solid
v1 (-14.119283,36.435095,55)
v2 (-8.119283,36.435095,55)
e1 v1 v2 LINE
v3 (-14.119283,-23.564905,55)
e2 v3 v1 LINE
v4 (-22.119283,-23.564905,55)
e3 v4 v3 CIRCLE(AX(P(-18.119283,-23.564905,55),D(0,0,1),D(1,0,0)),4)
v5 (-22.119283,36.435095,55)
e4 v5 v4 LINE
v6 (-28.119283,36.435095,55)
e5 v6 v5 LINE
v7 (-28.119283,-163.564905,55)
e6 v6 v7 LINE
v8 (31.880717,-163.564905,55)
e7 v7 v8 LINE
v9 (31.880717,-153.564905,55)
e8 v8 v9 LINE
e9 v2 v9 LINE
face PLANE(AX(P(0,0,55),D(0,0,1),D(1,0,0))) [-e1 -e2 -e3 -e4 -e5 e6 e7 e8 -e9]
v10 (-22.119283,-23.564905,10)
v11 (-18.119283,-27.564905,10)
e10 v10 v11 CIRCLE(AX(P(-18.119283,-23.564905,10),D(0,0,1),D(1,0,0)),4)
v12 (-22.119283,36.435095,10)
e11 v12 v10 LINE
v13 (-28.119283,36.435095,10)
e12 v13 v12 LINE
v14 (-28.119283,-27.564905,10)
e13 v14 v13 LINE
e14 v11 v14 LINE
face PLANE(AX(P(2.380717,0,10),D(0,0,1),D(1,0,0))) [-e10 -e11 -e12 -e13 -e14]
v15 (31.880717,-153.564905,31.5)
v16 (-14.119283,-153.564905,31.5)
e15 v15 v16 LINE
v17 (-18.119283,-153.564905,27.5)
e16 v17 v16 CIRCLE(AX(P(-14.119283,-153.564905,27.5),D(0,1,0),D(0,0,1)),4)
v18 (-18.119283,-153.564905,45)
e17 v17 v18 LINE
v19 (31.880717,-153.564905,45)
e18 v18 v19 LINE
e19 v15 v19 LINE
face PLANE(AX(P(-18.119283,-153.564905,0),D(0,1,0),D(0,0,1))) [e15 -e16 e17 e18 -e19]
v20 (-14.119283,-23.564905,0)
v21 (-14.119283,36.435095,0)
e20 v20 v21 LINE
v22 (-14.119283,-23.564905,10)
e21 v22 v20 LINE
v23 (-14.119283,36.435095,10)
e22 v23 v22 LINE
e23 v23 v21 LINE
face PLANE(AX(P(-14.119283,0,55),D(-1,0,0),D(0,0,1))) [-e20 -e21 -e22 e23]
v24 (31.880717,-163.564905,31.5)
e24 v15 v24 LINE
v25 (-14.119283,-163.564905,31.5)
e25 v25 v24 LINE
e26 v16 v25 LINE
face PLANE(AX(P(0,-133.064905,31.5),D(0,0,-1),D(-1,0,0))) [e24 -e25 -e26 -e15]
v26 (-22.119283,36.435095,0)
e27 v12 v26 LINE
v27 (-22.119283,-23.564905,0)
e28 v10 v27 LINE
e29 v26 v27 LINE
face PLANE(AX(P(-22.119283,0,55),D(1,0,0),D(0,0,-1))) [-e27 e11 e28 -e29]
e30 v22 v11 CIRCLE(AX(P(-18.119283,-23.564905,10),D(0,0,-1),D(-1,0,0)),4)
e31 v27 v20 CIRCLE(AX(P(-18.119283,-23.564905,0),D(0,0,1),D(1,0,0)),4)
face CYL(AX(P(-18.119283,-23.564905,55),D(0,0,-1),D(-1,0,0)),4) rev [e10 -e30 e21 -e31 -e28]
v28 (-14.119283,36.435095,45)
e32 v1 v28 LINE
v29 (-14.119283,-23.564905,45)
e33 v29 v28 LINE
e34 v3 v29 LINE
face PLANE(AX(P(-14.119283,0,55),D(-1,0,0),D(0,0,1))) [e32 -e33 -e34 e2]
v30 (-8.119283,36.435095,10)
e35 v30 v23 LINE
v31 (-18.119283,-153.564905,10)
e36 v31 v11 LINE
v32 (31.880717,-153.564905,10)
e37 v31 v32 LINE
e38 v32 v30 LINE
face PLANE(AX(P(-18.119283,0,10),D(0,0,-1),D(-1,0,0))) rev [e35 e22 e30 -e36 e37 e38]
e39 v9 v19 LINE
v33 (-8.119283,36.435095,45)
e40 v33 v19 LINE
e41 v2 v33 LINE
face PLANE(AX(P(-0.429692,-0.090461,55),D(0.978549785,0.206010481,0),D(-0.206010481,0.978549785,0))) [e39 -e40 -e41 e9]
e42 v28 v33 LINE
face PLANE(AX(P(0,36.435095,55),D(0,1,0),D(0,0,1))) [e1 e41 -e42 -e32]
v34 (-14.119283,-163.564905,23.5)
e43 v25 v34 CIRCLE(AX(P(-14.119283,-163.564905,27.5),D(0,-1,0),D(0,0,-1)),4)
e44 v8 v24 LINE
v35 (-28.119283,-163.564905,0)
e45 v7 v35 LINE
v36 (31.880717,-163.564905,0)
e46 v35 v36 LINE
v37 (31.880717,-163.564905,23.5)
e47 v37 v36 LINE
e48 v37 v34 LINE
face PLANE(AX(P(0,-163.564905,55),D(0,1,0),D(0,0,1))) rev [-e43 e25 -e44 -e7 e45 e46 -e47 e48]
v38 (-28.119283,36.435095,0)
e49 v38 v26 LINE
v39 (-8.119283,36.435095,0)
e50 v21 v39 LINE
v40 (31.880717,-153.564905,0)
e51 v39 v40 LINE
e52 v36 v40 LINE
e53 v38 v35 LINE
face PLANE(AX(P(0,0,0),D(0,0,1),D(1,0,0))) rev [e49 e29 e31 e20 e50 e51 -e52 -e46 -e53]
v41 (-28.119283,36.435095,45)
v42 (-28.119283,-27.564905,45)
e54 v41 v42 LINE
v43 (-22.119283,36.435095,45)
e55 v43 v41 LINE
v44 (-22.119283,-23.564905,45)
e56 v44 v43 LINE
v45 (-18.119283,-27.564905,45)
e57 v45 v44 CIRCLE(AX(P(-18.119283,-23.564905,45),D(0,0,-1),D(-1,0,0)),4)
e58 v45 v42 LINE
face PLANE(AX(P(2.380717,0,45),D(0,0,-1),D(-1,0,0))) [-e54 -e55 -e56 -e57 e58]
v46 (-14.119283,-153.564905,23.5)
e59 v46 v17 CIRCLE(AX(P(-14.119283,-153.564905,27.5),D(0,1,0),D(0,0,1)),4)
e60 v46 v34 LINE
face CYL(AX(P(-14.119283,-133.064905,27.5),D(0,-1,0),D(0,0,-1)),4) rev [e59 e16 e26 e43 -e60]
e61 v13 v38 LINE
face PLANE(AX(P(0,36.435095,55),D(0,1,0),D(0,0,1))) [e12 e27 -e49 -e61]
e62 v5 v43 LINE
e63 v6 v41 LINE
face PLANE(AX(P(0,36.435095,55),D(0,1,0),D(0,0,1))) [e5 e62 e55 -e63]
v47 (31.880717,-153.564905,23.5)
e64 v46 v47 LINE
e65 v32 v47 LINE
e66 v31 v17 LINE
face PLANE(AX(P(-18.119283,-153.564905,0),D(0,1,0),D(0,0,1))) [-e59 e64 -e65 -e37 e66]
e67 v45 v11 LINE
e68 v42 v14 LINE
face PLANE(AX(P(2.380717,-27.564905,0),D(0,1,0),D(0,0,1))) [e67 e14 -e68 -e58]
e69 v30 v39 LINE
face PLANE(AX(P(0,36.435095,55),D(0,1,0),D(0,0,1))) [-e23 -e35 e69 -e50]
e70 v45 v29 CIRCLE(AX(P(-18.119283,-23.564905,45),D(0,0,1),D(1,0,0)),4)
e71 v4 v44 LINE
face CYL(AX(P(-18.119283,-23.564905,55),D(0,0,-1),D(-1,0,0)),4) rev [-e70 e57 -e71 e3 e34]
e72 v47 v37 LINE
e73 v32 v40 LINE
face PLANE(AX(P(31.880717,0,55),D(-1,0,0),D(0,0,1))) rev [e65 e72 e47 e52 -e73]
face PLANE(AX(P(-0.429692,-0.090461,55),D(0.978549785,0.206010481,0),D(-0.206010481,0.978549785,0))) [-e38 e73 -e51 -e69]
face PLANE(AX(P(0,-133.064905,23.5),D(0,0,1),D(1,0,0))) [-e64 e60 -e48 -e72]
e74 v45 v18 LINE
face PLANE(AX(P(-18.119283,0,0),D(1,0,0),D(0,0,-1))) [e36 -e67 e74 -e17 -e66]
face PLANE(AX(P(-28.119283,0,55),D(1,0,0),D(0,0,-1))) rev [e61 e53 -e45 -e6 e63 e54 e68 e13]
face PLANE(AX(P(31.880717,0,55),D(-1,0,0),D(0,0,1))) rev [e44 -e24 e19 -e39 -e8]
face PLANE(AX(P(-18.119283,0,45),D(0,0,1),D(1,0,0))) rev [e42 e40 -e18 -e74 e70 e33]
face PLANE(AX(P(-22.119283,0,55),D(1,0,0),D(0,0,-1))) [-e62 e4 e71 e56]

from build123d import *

# Parameters (mm, degrees)
SALIENTE_EXTRUIR1_DEPTH = 55
CORTAR_EXTRUIR1_DEPTH   = 50
CROQUIS4_W              = 35
CROQUIS4_H              = 6.173291601
CORTAR_EXTRUIR2_DEPTH   = 30.5
CORTAR_EXTRUIR3_DEPTH   = 30.5


with BuildPart() as part:
    # Croquis1 → Saliente-Extruir1 (new body)
    with BuildSketch(Plane.XY):
        with BuildLine():
            Line((-28.119282629, 36.435094891), (-28.119282629, -163.564905109))
            Line((-28.119282629, -163.564905109), (31.880717371, -163.564905109))
            Line((31.880717371, -163.564905109), (31.880717371, -153.564905109))
            Line((31.880717371, -153.564905109), (-8.119282629, 36.435094891))
            Line((-8.119282629, 36.435094891), (-14.119282629, 36.435094891))
            Line((-14.119282629, 36.435094891), (-14.119282629, -23.564905109))
            ThreePointArc((-14.119282629, -23.564905109), (-18.119282629, -27.564905109), (-22.119282629, -23.564905109))
            Line((-22.119282629, -23.564905109), (-22.119282629, 36.435094891))
            Line((-22.119282629, 36.435094891), (-28.119282629, 36.435094891))
        make_face()
    extrude(amount=SALIENTE_EXTRUIR1_DEPTH)

    # Croquis2 → Cortar-Extruir1 (cut)
    with BuildSketch(Plane(origin=(31.880717371, 0, 0), x_dir=(0, 0, -1), z_dir=(1, 0, 0))):
        Polygon((-45, -142.180293539), (-45, -153.564905109), (-27.5, -153.564905109), (-10, -153.564905109), (-10, -142.180293539), (-10, 41.509822178), (-45, 41.509822178), align=None)
    extrude(amount=-CORTAR_EXTRUIR1_DEPTH, mode=Mode.SUBTRACT)

    # Croquis4 → Cortar-Extruir2 (cut)
    with BuildSketch(Plane.ZY.offset(28.119282629)):
        with Locations((27.5, 39.521740691)):
            Rectangle(CROQUIS4_W, CROQUIS4_H)
        Polygon((10, -27.564905109), (27.5, -27.564905109), (45, -27.564905109), (45, 36.435094891), (10, 36.435094891), align=None)
    extrude(amount=-CORTAR_EXTRUIR2_DEPTH, mode=Mode.SUBTRACT)

    # Croquis5 → Cortar-Extruir3 (cut)
    with BuildSketch(Plane(origin=(0, -163.564905109, 0), x_dir=(-1, 0, 0), z_dir=(0, -1, 0))):
        with BuildLine():
            Line((-31.880717371, -27.5), (-31.880717371, -31.5))
            Line((-31.880717371, -31.5), (14.119282629, -31.5))
            ThreePointArc((14.119282629, -31.5), (18.119282629, -27.5), (14.119282629, -23.5))
            Line((14.119282629, -23.5), (-31.880717371, -23.5))
            Line((-31.880717371, -23.5), (-31.880717371, -27.5))
        make_face()
    extrude(amount=-CORTAR_EXTRUIR3_DEPTH, mode=Mode.SUBTRACT)


solid = part.part
